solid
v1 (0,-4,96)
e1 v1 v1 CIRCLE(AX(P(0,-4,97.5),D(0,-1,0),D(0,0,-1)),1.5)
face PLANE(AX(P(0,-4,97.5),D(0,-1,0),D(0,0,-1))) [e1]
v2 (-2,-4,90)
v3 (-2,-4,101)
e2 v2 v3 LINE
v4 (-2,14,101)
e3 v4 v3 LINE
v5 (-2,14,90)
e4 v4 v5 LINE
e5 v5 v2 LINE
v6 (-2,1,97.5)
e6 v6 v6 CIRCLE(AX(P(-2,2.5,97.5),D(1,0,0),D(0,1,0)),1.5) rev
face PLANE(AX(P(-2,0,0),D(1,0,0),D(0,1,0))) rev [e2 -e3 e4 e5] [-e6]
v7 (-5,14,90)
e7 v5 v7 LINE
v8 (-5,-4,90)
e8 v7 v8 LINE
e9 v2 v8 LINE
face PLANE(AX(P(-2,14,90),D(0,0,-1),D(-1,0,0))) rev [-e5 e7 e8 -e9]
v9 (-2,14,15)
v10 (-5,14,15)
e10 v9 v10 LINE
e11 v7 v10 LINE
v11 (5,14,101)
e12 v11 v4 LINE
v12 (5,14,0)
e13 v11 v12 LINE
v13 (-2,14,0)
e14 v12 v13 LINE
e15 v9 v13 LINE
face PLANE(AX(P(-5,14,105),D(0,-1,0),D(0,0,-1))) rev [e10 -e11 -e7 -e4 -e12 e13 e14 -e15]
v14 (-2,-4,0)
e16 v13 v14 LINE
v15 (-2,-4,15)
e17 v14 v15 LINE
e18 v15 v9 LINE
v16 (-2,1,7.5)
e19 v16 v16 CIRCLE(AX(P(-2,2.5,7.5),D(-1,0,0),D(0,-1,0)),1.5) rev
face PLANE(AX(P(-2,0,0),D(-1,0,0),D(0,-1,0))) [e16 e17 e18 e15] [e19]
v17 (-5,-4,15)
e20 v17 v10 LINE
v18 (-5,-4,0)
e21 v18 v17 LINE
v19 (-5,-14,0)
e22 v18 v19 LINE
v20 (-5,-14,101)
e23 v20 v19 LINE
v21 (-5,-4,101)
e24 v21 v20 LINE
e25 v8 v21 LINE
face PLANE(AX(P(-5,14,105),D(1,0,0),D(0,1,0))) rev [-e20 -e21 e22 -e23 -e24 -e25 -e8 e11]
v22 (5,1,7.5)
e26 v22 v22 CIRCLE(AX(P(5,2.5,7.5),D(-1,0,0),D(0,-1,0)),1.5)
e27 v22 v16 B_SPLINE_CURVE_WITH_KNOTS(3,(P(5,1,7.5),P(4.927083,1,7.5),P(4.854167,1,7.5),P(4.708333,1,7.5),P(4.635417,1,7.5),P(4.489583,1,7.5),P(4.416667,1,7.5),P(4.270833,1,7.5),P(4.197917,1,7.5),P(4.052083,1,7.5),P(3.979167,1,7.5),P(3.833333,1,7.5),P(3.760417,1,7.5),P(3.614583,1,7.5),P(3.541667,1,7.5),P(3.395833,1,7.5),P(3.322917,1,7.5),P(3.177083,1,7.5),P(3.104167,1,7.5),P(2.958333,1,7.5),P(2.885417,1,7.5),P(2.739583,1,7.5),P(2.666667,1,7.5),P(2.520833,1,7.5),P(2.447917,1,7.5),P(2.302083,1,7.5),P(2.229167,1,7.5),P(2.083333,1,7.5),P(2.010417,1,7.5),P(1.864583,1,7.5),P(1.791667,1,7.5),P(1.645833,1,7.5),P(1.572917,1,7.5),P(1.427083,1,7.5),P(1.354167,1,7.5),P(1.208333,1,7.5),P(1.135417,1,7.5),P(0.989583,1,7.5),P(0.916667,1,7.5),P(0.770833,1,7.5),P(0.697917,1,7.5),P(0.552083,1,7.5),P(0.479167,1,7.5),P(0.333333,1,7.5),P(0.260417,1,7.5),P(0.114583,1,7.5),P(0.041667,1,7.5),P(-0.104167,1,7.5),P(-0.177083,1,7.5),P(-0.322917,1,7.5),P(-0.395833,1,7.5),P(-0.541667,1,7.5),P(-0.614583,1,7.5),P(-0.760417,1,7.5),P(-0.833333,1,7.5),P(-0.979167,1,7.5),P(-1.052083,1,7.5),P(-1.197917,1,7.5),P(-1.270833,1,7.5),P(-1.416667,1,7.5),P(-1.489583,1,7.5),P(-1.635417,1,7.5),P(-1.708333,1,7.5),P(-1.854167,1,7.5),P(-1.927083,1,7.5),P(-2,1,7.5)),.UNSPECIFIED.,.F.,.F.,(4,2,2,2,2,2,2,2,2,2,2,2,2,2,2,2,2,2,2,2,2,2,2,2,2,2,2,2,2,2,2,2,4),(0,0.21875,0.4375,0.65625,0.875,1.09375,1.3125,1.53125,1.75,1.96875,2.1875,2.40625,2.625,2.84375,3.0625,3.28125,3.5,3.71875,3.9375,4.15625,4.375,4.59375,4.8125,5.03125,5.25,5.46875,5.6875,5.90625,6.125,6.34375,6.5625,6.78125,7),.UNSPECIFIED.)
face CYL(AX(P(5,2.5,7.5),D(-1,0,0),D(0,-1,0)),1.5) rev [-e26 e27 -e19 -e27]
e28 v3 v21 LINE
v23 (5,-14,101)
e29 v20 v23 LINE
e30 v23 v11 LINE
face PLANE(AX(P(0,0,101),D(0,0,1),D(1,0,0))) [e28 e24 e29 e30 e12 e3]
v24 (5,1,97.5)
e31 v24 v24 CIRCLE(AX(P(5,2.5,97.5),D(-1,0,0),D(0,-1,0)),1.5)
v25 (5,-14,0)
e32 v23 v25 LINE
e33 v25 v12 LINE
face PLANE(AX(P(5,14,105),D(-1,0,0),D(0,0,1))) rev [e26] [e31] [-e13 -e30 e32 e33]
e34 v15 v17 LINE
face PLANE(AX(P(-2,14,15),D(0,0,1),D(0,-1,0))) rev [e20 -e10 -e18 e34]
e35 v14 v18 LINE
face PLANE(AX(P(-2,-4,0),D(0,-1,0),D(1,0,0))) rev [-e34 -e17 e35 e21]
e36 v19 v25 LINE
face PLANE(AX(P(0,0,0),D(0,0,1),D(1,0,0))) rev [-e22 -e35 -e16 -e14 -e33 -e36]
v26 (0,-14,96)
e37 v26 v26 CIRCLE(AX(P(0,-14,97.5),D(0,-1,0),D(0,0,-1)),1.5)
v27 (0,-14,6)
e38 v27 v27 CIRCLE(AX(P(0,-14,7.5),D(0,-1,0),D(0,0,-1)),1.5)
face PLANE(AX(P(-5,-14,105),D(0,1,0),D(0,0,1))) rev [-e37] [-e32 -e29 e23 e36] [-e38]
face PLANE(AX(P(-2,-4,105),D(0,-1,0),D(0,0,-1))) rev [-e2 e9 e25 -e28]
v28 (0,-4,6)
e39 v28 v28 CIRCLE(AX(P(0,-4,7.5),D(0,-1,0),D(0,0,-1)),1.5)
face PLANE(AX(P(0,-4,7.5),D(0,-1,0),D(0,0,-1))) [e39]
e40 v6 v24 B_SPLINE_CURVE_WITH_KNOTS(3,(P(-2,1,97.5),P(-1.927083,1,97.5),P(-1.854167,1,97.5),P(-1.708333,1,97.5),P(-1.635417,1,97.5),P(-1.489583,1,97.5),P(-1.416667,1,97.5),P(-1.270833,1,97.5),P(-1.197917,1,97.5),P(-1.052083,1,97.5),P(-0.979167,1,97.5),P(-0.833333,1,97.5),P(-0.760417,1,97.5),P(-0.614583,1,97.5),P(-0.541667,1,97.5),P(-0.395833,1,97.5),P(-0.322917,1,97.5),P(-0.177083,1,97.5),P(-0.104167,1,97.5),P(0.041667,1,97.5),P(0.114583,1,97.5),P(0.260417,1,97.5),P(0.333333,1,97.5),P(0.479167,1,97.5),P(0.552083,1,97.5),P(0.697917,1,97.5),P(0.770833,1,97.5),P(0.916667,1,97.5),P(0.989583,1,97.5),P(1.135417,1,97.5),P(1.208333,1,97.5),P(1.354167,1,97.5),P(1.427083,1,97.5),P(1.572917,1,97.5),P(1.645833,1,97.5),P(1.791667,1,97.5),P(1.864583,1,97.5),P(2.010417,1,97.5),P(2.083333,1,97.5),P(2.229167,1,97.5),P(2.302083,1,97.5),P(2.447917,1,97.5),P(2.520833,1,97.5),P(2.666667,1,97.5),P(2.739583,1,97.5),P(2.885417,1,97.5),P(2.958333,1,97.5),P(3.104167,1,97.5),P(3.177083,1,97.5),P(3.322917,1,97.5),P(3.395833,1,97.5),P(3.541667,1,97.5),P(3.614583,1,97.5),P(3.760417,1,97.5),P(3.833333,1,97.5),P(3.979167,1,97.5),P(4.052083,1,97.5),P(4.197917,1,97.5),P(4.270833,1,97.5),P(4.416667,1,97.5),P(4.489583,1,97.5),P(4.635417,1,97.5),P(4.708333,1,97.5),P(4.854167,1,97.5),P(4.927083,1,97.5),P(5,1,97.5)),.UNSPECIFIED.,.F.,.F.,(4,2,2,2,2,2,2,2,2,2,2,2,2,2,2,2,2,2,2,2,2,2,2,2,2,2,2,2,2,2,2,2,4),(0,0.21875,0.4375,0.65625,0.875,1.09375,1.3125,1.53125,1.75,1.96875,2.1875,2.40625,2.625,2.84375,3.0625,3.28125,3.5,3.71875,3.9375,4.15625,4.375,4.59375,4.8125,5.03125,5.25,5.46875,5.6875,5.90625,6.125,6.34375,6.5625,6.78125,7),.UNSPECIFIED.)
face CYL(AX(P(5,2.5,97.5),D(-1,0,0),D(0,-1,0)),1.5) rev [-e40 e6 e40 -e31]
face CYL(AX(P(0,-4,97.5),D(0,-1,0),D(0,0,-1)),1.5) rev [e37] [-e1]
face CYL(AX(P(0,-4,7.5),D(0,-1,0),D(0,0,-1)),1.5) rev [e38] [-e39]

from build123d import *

# Parameters (mm, degrees)
SKETCH_1_W          = 10
SKETCH_1_H          = 28
EXTRUDE_1_DEPTH     = 105
SKETCH_2_R          = 1.5
CUT_EXTRUDE_1_DEPTH = 10
SKETCH_3_R          = 1.5
CUT_EXTRUDE_2_DEPTH = 107.40018797
SKETCH_4_W          = 15
SKETCH_4_H          = 18
CUT_EXTRUDE_3_DEPTH = 3
SKETCH_5_W          = 19.297402577
SKETCH_5_H          = 33.931864009
CUT_EXTRUDE_6_DEPTH = 4


with BuildPart() as part:
    # 草图1 → 凸台-拉伸1 (new body)
    with BuildSketch(Plane.XY):
        Rectangle(SKETCH_1_W, SKETCH_1_H)
    extrude(amount=EXTRUDE_1_DEPTH)

    # 草图2 → 切除-拉伸1 (cut)
    with BuildSketch(Plane.XZ.offset(14)):
        with Locations(Location((0, 97.5, 0), (0, 0, 270))):
            Circle(SKETCH_2_R)
        with Locations(Location((0, 7.5, 0), (0, 0, 270))):
            Circle(SKETCH_2_R)
    extrude(amount=-CUT_EXTRUDE_1_DEPTH, mode=Mode.SUBTRACT)

    # 草图3 → 切除-拉伸2 (cut, through all)
    with BuildSketch(Plane.ZY.offset(5)):
        with Locations(Location((7.5, 2.5, 0), (0, 0, 270))):
            Circle(SKETCH_3_R)
        with Locations(Location((97.5, 2.5, 0), (0, 0, 270))):
            Circle(SKETCH_3_R)
    extrude(amount=-CUT_EXTRUDE_2_DEPTH, mode=Mode.SUBTRACT)

    # 草图4 → 切除-拉伸3 (cut)
    with BuildSketch(Plane.ZY.offset(5)):
        with Locations((7.5, 5)):
            Rectangle(SKETCH_4_W, SKETCH_4_H)
        with Locations((97.5, 5)):
            Rectangle(SKETCH_4_W, SKETCH_4_H)
    extrude(amount=-CUT_EXTRUDE_3_DEPTH, mode=Mode.SUBTRACT)

    # 草图5 → 切除-拉伸6 (cut)
    with BuildSketch(Plane.XY.offset(105)):
        with Locations((1.058128951, -0.39887643)):
            Rectangle(SKETCH_5_W, SKETCH_5_H)
    extrude(amount=-CUT_EXTRUDE_6_DEPTH, mode=Mode.SUBTRACT)


solid = part.part
